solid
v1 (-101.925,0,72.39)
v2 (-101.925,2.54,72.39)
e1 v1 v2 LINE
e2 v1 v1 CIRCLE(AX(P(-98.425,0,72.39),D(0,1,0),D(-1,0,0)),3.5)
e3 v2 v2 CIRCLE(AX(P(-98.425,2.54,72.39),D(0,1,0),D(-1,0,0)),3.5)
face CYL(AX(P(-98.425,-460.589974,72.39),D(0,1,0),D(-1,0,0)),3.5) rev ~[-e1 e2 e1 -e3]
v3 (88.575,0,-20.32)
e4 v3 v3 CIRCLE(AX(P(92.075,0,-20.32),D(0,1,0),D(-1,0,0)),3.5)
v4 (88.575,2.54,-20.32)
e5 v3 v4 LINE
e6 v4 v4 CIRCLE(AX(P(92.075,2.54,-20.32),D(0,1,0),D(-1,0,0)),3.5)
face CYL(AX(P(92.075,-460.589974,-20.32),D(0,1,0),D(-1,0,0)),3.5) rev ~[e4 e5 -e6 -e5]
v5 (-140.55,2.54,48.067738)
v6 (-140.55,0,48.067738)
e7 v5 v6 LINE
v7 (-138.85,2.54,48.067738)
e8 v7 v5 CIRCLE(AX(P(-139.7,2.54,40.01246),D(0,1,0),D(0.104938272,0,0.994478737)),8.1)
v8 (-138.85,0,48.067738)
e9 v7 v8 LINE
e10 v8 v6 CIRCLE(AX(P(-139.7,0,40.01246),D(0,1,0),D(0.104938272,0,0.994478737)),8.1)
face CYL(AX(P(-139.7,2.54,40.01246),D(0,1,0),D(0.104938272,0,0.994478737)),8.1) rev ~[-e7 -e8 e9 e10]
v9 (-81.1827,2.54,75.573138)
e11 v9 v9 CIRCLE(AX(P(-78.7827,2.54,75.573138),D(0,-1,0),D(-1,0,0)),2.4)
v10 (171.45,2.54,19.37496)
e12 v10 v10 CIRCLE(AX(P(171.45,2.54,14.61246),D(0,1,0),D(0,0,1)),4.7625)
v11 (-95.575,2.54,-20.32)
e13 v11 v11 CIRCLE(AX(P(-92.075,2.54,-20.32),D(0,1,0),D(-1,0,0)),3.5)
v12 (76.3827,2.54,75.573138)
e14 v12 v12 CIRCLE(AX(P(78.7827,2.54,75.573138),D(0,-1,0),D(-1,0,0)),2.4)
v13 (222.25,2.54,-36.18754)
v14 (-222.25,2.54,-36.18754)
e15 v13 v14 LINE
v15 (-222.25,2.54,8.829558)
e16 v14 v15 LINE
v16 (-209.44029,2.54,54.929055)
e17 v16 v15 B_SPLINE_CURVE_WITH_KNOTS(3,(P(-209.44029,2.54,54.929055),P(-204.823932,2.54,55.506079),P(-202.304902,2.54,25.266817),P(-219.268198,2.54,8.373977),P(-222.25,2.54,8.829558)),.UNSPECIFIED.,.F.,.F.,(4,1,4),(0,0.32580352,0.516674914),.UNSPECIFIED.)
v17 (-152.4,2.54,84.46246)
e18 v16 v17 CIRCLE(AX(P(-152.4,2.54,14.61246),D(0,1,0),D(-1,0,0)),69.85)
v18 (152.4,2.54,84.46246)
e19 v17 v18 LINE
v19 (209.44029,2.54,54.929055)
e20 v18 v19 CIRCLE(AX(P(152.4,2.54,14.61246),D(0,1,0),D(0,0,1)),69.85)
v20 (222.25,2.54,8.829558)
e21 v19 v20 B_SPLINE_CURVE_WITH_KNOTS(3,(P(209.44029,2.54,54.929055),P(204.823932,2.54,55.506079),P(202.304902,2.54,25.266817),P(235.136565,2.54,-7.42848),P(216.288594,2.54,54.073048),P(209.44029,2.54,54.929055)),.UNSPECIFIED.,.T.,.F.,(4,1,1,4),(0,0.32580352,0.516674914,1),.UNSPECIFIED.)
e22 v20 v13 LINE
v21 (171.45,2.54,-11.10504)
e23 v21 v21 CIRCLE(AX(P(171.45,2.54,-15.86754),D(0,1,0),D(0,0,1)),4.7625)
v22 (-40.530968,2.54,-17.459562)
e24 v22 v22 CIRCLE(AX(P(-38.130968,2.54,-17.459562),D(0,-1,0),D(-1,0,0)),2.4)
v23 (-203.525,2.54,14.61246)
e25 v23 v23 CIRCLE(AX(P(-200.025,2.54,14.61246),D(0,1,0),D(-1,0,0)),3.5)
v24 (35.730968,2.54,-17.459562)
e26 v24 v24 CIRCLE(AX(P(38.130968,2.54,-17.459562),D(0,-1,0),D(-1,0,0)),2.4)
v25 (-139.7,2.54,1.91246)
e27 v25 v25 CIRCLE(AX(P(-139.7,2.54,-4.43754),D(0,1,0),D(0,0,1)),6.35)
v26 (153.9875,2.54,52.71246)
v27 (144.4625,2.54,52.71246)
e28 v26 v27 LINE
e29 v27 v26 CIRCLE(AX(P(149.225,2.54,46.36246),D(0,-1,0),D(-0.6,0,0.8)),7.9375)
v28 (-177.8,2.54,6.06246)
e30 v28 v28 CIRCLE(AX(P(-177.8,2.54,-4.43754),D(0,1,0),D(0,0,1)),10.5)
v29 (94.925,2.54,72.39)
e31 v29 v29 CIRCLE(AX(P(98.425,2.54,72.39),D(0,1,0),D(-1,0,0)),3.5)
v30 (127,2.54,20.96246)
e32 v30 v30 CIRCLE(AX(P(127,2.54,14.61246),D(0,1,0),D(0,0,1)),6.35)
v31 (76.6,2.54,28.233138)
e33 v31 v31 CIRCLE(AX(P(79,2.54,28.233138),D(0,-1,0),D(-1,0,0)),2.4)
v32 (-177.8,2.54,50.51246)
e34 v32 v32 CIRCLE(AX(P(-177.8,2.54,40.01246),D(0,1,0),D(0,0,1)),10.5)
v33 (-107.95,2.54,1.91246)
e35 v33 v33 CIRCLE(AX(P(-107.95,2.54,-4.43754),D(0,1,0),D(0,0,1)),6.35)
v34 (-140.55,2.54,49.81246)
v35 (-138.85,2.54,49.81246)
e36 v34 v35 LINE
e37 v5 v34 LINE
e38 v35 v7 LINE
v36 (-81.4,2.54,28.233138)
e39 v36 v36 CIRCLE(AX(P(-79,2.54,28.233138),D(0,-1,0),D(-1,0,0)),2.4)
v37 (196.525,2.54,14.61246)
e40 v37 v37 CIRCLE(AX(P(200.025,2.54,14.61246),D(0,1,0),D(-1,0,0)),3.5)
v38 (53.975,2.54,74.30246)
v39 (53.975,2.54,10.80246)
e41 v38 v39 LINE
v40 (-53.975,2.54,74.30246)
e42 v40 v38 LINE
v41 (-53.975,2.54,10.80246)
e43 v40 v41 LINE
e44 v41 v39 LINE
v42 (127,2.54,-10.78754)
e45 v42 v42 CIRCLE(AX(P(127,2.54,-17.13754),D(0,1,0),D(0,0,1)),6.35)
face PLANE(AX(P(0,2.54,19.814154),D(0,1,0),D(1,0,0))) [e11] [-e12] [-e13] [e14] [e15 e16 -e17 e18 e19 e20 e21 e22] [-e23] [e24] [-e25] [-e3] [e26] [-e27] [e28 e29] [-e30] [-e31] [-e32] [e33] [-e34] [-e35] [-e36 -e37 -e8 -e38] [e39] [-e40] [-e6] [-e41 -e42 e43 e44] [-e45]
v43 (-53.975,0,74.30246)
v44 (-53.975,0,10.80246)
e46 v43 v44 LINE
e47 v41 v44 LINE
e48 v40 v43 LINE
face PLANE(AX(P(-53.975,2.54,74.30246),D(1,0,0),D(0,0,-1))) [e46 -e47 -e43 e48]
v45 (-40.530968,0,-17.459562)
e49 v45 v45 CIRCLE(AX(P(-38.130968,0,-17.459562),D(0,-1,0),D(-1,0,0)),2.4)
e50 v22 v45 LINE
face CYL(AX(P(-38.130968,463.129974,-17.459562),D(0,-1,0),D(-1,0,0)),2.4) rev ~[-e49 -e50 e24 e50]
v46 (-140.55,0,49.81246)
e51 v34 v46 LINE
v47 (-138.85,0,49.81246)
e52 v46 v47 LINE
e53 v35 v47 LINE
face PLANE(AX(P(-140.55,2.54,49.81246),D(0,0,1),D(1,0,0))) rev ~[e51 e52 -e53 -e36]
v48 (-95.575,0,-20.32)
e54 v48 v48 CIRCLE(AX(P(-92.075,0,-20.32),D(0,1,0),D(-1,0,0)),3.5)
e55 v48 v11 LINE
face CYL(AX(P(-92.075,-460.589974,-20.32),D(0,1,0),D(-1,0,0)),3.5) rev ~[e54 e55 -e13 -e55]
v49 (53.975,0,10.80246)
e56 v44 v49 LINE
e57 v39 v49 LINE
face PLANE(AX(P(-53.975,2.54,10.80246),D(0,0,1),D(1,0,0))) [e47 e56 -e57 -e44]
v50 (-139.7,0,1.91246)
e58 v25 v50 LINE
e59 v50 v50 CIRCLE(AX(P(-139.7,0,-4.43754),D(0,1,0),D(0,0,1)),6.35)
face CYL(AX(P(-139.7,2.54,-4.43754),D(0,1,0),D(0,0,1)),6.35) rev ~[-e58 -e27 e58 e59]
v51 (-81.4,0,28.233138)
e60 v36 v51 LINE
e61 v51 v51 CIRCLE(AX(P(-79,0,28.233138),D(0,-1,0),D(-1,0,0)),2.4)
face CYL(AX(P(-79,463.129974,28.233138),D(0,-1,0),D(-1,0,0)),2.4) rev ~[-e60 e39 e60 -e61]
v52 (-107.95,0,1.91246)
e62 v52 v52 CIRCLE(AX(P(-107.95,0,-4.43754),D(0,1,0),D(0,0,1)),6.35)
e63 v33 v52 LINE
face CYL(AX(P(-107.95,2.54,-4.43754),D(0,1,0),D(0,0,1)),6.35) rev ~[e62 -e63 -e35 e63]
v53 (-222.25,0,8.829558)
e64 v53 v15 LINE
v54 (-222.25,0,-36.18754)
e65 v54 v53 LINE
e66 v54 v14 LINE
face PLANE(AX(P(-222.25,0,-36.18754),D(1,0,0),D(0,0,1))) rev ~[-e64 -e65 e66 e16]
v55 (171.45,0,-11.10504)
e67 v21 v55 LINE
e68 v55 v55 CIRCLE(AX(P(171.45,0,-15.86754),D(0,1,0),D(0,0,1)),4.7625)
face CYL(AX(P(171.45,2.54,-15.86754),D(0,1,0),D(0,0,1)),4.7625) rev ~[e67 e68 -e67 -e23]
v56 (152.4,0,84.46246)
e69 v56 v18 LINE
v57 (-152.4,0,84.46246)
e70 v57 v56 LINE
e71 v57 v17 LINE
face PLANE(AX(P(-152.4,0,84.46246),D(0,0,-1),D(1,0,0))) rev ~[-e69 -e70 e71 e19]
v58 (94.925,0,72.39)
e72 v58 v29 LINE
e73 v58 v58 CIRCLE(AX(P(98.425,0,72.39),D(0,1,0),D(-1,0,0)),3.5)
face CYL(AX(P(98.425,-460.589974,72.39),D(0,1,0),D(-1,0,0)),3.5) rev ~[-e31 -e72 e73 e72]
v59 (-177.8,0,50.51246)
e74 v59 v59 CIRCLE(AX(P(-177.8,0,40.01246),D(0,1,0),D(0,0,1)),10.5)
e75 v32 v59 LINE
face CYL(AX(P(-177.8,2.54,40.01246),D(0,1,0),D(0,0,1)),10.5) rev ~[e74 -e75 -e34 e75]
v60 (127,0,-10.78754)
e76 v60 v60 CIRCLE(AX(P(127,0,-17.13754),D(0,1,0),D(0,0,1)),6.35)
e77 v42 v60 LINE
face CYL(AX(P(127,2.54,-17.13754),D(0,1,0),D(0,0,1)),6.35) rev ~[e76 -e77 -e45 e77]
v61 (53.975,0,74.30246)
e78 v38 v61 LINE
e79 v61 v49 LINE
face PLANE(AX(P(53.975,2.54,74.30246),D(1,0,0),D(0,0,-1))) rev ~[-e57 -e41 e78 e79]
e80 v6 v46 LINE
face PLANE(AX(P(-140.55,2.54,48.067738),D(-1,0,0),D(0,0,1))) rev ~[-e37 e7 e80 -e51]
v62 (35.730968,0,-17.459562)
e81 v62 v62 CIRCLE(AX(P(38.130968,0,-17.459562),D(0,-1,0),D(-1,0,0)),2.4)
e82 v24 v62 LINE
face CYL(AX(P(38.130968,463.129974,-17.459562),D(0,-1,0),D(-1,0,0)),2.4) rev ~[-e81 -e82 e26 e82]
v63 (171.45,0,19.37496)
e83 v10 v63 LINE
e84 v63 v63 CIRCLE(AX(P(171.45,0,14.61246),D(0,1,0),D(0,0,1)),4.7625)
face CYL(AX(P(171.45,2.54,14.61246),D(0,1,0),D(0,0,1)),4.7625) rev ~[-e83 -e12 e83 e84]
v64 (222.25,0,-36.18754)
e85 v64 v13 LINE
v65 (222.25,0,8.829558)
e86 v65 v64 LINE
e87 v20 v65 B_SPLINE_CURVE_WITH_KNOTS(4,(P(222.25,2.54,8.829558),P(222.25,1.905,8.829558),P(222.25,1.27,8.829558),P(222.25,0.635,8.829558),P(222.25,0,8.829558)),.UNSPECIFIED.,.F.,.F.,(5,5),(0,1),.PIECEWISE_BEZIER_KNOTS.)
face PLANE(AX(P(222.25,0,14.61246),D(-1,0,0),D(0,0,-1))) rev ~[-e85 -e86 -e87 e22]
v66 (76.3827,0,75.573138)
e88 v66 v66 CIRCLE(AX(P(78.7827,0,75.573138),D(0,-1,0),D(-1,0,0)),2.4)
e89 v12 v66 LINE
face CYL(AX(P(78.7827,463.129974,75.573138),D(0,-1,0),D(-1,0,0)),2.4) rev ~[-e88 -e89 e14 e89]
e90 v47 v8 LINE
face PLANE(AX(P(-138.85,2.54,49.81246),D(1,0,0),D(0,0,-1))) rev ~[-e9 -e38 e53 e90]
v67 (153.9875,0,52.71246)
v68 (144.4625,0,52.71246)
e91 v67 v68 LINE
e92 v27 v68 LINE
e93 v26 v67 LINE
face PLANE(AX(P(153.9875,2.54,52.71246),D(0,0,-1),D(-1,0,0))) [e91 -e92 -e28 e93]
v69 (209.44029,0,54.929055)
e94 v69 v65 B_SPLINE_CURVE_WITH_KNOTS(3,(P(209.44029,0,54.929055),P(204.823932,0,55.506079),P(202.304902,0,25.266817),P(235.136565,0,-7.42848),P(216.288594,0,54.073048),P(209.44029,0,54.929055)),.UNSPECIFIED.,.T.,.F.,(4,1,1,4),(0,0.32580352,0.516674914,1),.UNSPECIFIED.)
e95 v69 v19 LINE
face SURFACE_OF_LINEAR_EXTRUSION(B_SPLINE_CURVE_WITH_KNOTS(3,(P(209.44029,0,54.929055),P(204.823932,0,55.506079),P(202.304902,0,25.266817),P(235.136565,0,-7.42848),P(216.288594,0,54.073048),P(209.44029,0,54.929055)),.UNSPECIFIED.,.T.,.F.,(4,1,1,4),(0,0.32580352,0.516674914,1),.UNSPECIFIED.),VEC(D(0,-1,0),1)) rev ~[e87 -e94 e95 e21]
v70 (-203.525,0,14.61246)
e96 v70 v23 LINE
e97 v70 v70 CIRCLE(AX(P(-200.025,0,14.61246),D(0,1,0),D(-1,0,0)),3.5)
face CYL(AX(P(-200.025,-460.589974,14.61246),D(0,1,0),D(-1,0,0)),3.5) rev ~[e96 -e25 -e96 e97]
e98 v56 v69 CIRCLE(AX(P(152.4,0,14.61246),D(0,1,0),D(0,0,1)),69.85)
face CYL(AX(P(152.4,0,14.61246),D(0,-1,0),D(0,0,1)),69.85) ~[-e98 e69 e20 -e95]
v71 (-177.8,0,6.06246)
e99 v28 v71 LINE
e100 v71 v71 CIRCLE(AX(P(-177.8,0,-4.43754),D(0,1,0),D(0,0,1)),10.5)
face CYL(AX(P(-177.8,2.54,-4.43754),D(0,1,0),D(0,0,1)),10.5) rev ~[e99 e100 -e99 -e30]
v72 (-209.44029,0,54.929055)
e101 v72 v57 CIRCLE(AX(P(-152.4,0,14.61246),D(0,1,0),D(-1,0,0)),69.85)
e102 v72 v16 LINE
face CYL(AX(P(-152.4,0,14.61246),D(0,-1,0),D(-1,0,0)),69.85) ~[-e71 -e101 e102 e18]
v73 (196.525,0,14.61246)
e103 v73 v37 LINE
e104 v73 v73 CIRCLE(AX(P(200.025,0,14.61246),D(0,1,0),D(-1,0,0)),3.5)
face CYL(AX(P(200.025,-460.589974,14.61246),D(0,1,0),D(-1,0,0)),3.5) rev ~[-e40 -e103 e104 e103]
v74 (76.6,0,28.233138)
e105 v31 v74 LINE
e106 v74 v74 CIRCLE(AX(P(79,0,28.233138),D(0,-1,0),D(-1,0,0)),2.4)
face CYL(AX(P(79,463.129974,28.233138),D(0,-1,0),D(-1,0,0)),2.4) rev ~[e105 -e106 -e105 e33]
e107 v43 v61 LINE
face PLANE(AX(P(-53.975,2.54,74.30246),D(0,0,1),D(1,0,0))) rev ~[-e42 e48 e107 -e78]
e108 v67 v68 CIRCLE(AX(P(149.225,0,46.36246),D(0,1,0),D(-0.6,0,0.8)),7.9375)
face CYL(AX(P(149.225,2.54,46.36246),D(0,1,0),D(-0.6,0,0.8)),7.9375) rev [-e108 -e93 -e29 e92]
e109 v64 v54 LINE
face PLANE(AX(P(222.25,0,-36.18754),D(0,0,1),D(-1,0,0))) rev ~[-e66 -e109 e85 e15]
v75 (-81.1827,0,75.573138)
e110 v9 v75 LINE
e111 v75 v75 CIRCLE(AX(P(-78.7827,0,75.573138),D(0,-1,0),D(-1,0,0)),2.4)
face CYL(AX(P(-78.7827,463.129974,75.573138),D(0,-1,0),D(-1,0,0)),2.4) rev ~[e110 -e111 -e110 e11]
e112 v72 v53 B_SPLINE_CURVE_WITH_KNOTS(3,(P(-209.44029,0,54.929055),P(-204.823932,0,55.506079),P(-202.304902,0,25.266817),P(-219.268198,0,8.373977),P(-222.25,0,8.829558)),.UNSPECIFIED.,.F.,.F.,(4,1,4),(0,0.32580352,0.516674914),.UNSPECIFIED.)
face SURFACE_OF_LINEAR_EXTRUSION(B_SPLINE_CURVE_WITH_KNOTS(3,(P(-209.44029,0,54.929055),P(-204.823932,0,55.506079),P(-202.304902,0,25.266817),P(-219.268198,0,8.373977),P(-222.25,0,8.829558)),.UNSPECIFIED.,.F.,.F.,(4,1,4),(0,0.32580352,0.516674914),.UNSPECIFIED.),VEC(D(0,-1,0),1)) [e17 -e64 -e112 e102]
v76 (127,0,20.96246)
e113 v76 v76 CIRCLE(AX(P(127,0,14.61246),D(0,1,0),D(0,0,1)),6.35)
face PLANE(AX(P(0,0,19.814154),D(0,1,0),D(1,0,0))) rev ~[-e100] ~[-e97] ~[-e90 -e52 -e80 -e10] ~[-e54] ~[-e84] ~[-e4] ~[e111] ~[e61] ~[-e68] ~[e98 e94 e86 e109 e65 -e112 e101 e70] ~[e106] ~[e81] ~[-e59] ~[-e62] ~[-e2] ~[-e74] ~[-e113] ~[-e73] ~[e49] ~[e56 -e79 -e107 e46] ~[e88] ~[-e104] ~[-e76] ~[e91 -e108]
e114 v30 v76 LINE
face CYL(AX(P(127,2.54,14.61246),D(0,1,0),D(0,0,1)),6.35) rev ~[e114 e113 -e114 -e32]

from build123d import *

# Parameters (mm, degrees)
BOSS_EXTRUDE1_DEPTH  = 2.54
SKETCH2_W            = 107.95
SKETCH2_H            = 63.5
CUT_EXTRUDE1_DEPTH   = 238.771783963
CUT_EXTRUDE4_START   = -2.54
CUT_EXTRUDE4_DEPTH   = 2.54
SKETCH4_R            = 4.7625
SKETCH4_R_2          = 6.35
SKETCH4_R_3          = 10.5
CUT_EXTRUDE3_DEPTH   = 238.771784093
M6_CLEARANCE_HOLE1_D = 7
M4_CLEARANCE_HOLE1_D = 4.8


with BuildPart() as part:
    # Sketch1 → Boss-Extrude1 (new body)
    with BuildSketch(Plane(origin=(0, 0, 0), x_dir=(1, 0, 0), z_dir=(0, 1, 0))):
        with BuildLine():
            Line((222.25, -14.612459999), (222.25, 36.187540001))
            Line((222.25, 36.187540001), (-222.25, 36.187540001))
            Line((-222.25, 36.187540001), (-222.25, -14.612459999))
            ThreePointArc((-222.25, -14.612459999), (-201.791408666, -64.003868664), (-152.4, -84.462459999))
            Line((-152.4, -84.462459999), (152.4, -84.462459999))
            ThreePointArc((152.4, -84.462459999), (201.791408666, -64.003868664), (222.25, -14.612459999))
        make_face()
    extrude(amount=BOSS_EXTRUDE1_DEPTH)

    # Sketch2 → Cut-Extrude1 (cut, through all)
    with BuildSketch(Plane(origin=(0, 2.54, 0), x_dir=(1, 0, 0), z_dir=(0, 1, 0))):
        with Locations((0, -42.552459999)):
            Rectangle(SKETCH2_W, SKETCH2_H)
    extrude(amount=-CUT_EXTRUDE1_DEPTH, mode=Mode.SUBTRACT)

    # Sketch5 → Cut-Extrude4 (cut)
    with BuildSketch(Plane(origin=(0, 2.54, 0), x_dir=(1, 0, 0), z_dir=(0, 1, 0)).offset(CUT_EXTRUDE4_START)):
        with BuildLine():
            ThreePointArc((-222.25, -14.612459999), (-218.970589391, -35.763798683), (-209.440289817, -54.929055063))
            add(Edge.make_bspline(
                [(-209.440289817, -54.929055063), (-204.823931799, -55.506078622), (-202.304901657, -25.266816537), (-219.26819847, -8.373976847), (-222.25, -8.829558466)],
                knots=[0, 0, 0, 0, 0.32580352, 0.516674914, 0.516674914, 0.516674914, 0.516674914], degree=3))
            Line((-222.25, -8.829558466), (-222.25, -14.612459999))
        make_face()
        with BuildLine():
            add(Edge.make_bspline(
                [(-222.25, -8.829558466), (-229.800526338, -9.983183543), (-216.288594077, -54.073048471), (-209.440289817, -54.929055063)],
                knots=[0.516674914, 0.516674914, 0.516674914, 0.516674914, 1, 1, 1, 1], degree=3))
            ThreePointArc((-209.440289817, -54.929055063), (-218.970589391, -35.763798683), (-222.25, -14.612459999))
            Line((-222.25, -14.612459999), (-222.25, -8.829558466))
        make_face()
        with BuildLine():
            add(Edge.make_bspline(
                [(209.440289817, -54.929055063), (204.823931799, -55.506078622), (202.304901657, -25.266816537), (235.136564978, 7.428480335), (216.288594077, -54.073048471), (209.440289817, -54.929055063)],
                knots=[0, 0, 0, 0, 0.32580352, 0.516674914, 1, 1, 1, 1], degree=3))
        make_face()
    extrude(amount=CUT_EXTRUDE4_DEPTH, mode=Mode.SUBTRACT)

    # Sketch4 → Cut-Extrude3 (cut, through all)
    with BuildSketch(Plane(origin=(0, 2.54, 0), x_dir=(1, 0, 0), z_dir=(0, 1, 0))):
        with Locations(Location((171.45, 15.867540001, 0), (0, 0, 270))):
            Circle(SKETCH4_R)
        with Locations(Location((-139.7, 4.437540001, 0), (0, 0, 270))):
            Circle(SKETCH4_R_2)
        with Locations(Location((127, 17.137540001, 0), (0, 0, 270))):
            Circle(SKETCH4_R_2)
        with Locations(Location((127, -14.612459999, 0), (0, 0, 270))):
            Circle(SKETCH4_R_2)
        with Locations(Location((171.45, -14.612459999, 0), (0, 0, 270))):
            Circle(SKETCH4_R)
        with Locations(Location((-177.8, -40.012459999, 0), (0, 0, 270))):
            Circle(SKETCH4_R_3)
        with Locations(Location((-177.8, 4.437540001, 0), (0, 0, 270))):
            Circle(SKETCH4_R_3)
        with Locations(Location((-107.95, 4.437540001, 0), (0, 0, 270))):
            Circle(SKETCH4_R_2)
        with BuildLine():
            Line((-140.55, -48.067737772), (-140.55, -49.812459999))
            Line((-140.55, -49.812459999), (-138.85, -49.812459999))
            Line((-138.85, -49.812459999), (-138.85, -48.067737772))
            ThreePointArc((-138.85, -48.067737772), (-139.7, -31.912459999), (-140.55, -48.067737772))
        make_face()
        with BuildLine():
            Line((153.9875, -52.712459999), (144.4625, -52.712459999))
            ThreePointArc((144.4625, -52.712459999), (149.225, -38.424959999), (153.9875, -52.712459999))
        make_face()
    extrude(amount=-CUT_EXTRUDE3_DEPTH, mode=Mode.SUBTRACT)

    # M6 Clearance Hole1 (through all)
    with Locations(Plane.XZ):
        with Locations((92.075, -20.32), (200.025000005, 14.612459999), (98.425, 72.39), (-92.075, -20.32), (-200.025000005, 14.612459999), (-98.425, 72.39)):
            Hole(M6_CLEARANCE_HOLE1_D / 2)

    # M4 Clearance Hole1 (through all)
    with Locations(Plane(origin=(0, 2.54, 0), x_dir=(1, 0, 0), z_dir=(0, 1, 0))):
        with Locations((-78.7827, -75.5731381), (-79, -28.2331381), (-38.130967929, 17.4595619), (38.130967929, 17.4595619), (79, -28.2331381), (78.7827, -75.5731381)):
            Hole(M4_CLEARANCE_HOLE1_D / 2)


solid = part.part
